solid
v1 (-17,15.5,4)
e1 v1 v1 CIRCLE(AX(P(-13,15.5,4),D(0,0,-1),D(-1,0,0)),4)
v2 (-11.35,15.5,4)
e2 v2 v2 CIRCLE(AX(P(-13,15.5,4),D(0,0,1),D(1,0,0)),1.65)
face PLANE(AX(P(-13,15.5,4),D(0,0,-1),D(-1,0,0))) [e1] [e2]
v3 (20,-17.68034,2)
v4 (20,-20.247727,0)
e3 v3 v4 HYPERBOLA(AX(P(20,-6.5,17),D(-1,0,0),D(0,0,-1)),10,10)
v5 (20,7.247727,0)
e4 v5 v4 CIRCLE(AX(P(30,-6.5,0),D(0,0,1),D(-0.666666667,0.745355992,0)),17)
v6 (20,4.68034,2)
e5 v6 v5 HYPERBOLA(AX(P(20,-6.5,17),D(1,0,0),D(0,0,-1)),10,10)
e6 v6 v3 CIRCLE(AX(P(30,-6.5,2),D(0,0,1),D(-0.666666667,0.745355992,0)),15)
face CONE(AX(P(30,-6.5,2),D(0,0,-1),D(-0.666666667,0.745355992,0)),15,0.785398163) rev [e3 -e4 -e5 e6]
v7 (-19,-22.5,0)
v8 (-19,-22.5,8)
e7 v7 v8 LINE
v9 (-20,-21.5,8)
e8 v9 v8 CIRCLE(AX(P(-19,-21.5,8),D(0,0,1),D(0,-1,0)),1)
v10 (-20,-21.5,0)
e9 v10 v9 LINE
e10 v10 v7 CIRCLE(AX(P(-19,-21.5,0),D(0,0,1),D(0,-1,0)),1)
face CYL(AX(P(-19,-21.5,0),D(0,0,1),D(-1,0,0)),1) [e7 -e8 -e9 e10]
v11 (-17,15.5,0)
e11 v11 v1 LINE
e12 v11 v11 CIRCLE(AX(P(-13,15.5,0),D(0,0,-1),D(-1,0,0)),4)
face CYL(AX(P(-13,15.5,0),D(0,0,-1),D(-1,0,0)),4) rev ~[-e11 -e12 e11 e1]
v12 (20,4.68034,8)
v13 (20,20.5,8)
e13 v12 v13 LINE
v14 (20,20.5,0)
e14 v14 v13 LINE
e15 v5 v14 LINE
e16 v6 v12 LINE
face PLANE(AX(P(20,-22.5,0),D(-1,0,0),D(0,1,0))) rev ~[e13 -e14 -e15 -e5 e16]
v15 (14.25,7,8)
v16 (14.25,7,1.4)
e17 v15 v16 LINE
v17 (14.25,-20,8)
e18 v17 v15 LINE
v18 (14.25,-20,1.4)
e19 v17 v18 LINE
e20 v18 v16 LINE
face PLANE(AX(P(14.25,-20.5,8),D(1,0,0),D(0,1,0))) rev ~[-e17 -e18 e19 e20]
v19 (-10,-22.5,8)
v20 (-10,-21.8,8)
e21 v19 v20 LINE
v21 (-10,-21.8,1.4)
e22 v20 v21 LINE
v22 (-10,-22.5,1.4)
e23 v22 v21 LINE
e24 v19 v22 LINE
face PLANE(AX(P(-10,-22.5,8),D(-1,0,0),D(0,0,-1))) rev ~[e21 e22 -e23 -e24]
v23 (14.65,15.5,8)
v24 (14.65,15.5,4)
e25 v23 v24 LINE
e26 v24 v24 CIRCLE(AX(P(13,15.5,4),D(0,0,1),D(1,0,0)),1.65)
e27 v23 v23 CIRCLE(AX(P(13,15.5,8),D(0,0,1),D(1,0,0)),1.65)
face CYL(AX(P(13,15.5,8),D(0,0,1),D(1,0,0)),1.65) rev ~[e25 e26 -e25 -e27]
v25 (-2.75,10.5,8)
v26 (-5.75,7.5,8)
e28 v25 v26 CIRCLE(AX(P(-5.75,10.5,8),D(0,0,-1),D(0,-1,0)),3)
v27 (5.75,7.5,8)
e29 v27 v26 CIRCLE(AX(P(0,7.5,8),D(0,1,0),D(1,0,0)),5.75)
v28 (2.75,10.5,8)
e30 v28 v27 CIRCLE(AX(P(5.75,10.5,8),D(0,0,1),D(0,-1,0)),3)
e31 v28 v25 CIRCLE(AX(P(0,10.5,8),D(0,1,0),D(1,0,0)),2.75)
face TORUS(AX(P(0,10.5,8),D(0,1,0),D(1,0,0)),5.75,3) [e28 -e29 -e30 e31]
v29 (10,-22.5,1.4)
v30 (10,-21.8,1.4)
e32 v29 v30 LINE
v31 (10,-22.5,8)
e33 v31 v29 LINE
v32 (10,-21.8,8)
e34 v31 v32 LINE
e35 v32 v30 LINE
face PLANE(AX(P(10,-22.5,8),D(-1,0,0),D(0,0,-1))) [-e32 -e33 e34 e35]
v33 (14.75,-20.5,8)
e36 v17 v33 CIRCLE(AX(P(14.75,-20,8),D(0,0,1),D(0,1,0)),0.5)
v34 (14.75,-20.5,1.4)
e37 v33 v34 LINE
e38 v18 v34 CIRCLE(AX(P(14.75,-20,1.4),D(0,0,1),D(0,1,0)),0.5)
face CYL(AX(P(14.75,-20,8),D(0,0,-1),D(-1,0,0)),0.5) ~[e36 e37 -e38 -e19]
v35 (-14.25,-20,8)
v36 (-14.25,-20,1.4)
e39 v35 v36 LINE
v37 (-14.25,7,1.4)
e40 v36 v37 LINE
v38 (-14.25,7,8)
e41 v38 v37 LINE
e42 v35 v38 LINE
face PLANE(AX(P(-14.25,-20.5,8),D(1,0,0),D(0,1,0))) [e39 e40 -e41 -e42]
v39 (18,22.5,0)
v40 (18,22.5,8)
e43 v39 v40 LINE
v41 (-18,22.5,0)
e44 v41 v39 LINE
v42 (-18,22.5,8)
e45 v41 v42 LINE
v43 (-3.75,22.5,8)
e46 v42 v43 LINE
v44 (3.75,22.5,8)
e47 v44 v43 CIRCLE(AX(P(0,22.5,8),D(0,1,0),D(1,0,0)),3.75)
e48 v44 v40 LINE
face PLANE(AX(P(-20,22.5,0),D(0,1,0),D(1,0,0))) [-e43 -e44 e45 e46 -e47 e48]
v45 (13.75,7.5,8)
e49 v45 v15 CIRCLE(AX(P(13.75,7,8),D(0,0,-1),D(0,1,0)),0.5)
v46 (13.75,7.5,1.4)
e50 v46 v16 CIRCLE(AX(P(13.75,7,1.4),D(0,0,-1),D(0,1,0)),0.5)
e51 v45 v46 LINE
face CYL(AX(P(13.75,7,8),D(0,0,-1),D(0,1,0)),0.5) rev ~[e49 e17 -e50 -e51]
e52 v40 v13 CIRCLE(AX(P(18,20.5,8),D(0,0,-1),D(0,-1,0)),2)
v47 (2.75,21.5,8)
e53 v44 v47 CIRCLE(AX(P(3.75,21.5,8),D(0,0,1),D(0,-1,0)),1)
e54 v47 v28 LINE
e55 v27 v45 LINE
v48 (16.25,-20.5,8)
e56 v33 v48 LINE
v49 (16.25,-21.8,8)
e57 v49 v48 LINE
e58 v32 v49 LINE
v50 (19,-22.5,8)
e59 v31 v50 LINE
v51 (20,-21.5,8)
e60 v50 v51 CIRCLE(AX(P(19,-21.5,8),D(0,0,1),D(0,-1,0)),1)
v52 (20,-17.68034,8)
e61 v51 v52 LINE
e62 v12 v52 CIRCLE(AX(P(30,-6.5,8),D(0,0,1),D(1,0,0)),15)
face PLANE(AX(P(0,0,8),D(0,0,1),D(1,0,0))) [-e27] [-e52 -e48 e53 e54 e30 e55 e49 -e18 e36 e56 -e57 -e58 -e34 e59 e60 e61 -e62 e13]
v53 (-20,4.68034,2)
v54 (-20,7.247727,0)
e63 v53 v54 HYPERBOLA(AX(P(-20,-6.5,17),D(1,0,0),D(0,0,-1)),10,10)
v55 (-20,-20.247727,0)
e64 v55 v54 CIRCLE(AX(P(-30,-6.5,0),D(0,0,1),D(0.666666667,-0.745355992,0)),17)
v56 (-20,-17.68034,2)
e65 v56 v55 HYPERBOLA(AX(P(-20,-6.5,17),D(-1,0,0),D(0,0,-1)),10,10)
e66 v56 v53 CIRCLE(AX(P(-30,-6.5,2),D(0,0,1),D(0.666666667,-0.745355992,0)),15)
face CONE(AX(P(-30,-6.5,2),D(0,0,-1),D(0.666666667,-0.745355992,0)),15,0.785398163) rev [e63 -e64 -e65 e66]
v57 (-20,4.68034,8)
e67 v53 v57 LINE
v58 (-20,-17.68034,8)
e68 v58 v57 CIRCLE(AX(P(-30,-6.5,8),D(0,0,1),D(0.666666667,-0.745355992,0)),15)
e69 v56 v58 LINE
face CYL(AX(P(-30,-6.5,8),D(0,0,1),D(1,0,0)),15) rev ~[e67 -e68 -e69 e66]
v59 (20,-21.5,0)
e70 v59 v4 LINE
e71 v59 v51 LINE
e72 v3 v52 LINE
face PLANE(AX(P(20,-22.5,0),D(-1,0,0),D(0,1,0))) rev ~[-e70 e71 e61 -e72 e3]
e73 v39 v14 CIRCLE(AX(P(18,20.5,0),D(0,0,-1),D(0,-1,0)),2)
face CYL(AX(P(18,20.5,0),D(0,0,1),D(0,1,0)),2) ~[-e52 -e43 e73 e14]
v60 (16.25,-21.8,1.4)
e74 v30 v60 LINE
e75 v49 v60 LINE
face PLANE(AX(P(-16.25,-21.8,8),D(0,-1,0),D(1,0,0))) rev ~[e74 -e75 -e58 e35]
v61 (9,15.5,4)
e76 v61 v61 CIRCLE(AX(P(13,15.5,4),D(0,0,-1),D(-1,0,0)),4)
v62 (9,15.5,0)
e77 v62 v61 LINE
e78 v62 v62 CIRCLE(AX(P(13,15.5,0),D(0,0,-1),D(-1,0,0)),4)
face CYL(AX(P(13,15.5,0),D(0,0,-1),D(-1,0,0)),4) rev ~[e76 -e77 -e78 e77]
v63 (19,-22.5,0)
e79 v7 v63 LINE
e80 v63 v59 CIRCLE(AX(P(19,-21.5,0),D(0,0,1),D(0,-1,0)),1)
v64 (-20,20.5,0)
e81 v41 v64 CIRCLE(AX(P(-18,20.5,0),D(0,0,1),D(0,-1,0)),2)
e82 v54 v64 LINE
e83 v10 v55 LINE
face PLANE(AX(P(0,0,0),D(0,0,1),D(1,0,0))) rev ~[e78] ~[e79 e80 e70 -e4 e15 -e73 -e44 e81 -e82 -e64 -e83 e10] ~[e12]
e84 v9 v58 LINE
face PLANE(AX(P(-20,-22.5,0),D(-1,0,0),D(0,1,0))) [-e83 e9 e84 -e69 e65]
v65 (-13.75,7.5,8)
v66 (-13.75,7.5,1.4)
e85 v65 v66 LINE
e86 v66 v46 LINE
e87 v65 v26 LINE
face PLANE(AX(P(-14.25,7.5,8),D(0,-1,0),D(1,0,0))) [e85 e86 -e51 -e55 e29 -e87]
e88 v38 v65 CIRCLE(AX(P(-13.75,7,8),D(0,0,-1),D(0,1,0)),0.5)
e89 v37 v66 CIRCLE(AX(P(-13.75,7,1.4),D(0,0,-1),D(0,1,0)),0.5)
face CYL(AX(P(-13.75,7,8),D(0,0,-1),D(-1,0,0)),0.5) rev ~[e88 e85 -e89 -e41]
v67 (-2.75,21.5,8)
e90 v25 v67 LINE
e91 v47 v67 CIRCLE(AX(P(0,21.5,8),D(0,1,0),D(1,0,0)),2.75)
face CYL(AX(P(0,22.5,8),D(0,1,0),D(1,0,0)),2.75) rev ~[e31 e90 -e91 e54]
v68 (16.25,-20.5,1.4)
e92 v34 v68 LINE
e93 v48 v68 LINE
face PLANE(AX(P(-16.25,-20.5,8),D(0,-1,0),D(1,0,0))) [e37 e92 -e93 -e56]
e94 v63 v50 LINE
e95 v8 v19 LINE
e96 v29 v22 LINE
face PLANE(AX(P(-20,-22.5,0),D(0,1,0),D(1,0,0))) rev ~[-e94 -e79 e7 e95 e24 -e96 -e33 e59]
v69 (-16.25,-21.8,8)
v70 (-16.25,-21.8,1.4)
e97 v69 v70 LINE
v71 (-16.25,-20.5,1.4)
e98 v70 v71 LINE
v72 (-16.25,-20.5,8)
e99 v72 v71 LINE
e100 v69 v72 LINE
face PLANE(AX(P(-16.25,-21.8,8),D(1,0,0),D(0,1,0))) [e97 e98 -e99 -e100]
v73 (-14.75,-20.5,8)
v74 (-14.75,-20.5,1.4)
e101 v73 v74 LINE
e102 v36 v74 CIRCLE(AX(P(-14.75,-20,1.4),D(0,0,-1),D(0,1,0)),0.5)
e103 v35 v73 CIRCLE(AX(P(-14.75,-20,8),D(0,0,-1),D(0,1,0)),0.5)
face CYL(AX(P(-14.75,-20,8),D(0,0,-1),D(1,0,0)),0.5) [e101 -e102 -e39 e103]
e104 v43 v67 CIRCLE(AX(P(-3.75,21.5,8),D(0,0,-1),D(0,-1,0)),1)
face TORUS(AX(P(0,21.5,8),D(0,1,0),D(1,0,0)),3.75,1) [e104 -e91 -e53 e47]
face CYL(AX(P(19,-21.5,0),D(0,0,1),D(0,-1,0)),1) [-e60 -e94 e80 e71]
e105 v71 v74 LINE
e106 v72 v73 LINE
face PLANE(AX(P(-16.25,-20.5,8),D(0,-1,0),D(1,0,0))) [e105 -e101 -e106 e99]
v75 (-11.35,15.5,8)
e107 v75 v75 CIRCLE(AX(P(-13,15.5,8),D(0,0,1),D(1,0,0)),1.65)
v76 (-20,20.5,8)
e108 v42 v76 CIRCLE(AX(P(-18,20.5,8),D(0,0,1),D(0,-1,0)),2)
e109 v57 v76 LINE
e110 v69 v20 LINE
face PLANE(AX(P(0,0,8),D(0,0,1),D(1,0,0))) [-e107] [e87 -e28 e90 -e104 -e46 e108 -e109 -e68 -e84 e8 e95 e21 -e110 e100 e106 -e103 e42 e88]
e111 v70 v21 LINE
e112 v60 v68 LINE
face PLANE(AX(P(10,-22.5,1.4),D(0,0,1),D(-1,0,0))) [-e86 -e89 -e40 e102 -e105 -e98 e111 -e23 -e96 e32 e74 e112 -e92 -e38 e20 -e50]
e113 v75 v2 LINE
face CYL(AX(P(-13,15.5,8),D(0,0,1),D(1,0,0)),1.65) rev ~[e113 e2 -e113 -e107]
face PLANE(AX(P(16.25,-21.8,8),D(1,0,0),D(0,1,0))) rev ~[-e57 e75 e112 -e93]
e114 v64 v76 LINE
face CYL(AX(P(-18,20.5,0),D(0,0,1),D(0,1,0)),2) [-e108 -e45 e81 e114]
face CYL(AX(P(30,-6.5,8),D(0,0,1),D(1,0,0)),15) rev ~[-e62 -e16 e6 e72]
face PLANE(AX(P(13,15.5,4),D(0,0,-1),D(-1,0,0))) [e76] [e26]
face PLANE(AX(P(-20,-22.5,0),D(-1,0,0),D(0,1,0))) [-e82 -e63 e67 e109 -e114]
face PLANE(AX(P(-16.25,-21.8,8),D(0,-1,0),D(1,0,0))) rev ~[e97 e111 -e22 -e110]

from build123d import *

# Parameters (mm, degrees)
CROQUIS1_W              = 40
CROQUIS1_H              = 45
SALIENTE_EXTRUIR1_DEPTH = 8
CROQUIS2_W              = 32.5
CROQUIS2_H              = 1.3
CORTAR_EXTRUIR1_DEPTH   = 6.6
CROQUIS3_R              = 15
CORTAR_EXTRUIR2_DEPTH   = 10
CHAFL_N1_SIZE           = 2
CROQUIS4_W              = 28.5
CROQUIS4_H              = 28
CORTAR_EXTRUIR3_DEPTH   = 6.6
CROQUIS6_R              = 2.75
CORTAR_EXTRUIR4_DEPTH   = 16.6
CROQUIS7_R              = 1.65
CORTAR_EXTRUIR5_DEPTH   = 16.6
CROQUIS8_R              = 4
CORTAR_EXTRUIR6_DEPTH   = 4
CROQUIS9_W              = 20
CROQUIS9_H              = 6.6
CORTAR_EXTRUIR7_DEPTH   = 4
REDONDEO1_R             = 1
REDONDEO2_R             = 2
REDONDEO3_R             = 1
REDONDEO4_R             = 3
REDONDEO5_R             = 0.5
REDONDEO6_R             = 0.5


with BuildPart() as part:
    # Croquis1 → Saliente-Extruir1 (new body)
    with BuildSketch(Plane.XY):
        Rectangle(CROQUIS1_W, CROQUIS1_H)
    extrude(amount=SALIENTE_EXTRUIR1_DEPTH)

    # Croquis2 → Cortar-Extruir1 (cut)
    with BuildSketch(Plane.XY.offset(8)):
        with Locations((0, -21.15)):
            Rectangle(CROQUIS2_W, CROQUIS2_H)
    extrude(amount=-CORTAR_EXTRUIR1_DEPTH, mode=Mode.SUBTRACT)

    # Croquis3 → Cortar-Extruir2 (cut)
    with BuildSketch(Plane.XY.offset(8)):
        with Locations((-30, -6.5)):
            Circle(CROQUIS3_R)
        with Locations((30, -6.5)):
            Circle(CROQUIS3_R)
    extrude(amount=-CORTAR_EXTRUIR2_DEPTH, mode=Mode.SUBTRACT)

    # Chaflán1
    chafl_n1_edges = [part.edges().sort_by_distance(p)[0] for p in [
        (-15, -6.5, 0),
        (15, -6.5, 0),
    ]]
    chamfer(chafl_n1_edges, length=CHAFL_N1_SIZE)

    # Croquis4 → Cortar-Extruir3 (cut)
    with BuildSketch(Plane.XY.offset(8)):
        with Locations((0, -6.5)):
            Rectangle(CROQUIS4_W, CROQUIS4_H)
    extrude(amount=-CORTAR_EXTRUIR3_DEPTH, mode=Mode.SUBTRACT)

    # Croquis6 → Cortar-Extruir4 (cut)
    with BuildSketch(Plane(origin=(0, 22.5, 0), x_dir=(1, 0, 0), z_dir=(0, 1, 0))):
        with Locations((0, -8)):
            Circle(CROQUIS6_R)
    extrude(amount=-CORTAR_EXTRUIR4_DEPTH, mode=Mode.SUBTRACT)

    # Croquis7 → Cortar-Extruir5 (cut)
    with BuildSketch(Plane.XY.offset(8)):
        with Locations((13, 15.5)):
            Circle(CROQUIS7_R)
        with Locations((-13, 15.5)):
            Circle(CROQUIS7_R)
    extrude(amount=-CORTAR_EXTRUIR5_DEPTH, mode=Mode.SUBTRACT)

    # Croquis8 → Cortar-Extruir6 (cut)
    with BuildSketch(Plane(origin=(0, 0, 0), x_dir=(-1, 0, 0), z_dir=(0, 0, -1))):
        with Locations((13, 15.5)):
            Circle(CROQUIS8_R)
        with Locations((-13, 15.5)):
            Circle(CROQUIS8_R)
    extrude(amount=-CORTAR_EXTRUIR6_DEPTH, mode=Mode.SUBTRACT)

    # Croquis9 → Cortar-Extruir7 (cut)
    with BuildSketch(Plane(origin=(0, -22.5, 0), x_dir=(-1, 0, 0), z_dir=(0, -1, 0))):
        with Locations((0, -4.7)):
            Rectangle(CROQUIS9_W, CROQUIS9_H)
    extrude(amount=-CORTAR_EXTRUIR7_DEPTH, mode=Mode.SUBTRACT)

    # Redondeo1
    redondeo1_edges = [part.edges().sort_by_distance(p)[0] for p in [
        (0, 22.5, 5.25),
    ]]
    fillet(redondeo1_edges, radius=REDONDEO1_R)

    # Redondeo2
    redondeo2_edges = [part.edges().sort_by_distance(p)[0] for p in [
        (-20, 22.5, 4),
        (20, 22.5, 4),
    ]]
    fillet(redondeo2_edges, radius=REDONDEO2_R)

    # Redondeo3
    redondeo3_edges = [part.edges().sort_by_distance(p)[0] for p in [
        (20, -22.5, 4),
        (-20, -22.5, 4),
    ]]
    fillet(redondeo3_edges, radius=REDONDEO3_R)

    # Redondeo4
    redondeo4_edges = [part.edges().sort_by_distance(p)[0] for p in [
        (0, 7.5, 5.25),
    ]]
    fillet(redondeo4_edges, radius=REDONDEO4_R)

    # Redondeo5
    redondeo5_edges = [part.edges().sort_by_distance(p)[0] for p in [
        (14.25, -20.5, 4.7),
        (-14.25, -20.5, 4.7),
    ]]
    fillet(redondeo5_edges, radius=REDONDEO5_R)

    # Redondeo6
    redondeo6_edges = [part.edges().sort_by_distance(p)[0] for p in [
        (-14.25, 7.5, 4.7),
        (14.25, 7.5, 4.7),
    ]]
    fillet(redondeo6_edges, radius=REDONDEO6_R)


solid = part.part
